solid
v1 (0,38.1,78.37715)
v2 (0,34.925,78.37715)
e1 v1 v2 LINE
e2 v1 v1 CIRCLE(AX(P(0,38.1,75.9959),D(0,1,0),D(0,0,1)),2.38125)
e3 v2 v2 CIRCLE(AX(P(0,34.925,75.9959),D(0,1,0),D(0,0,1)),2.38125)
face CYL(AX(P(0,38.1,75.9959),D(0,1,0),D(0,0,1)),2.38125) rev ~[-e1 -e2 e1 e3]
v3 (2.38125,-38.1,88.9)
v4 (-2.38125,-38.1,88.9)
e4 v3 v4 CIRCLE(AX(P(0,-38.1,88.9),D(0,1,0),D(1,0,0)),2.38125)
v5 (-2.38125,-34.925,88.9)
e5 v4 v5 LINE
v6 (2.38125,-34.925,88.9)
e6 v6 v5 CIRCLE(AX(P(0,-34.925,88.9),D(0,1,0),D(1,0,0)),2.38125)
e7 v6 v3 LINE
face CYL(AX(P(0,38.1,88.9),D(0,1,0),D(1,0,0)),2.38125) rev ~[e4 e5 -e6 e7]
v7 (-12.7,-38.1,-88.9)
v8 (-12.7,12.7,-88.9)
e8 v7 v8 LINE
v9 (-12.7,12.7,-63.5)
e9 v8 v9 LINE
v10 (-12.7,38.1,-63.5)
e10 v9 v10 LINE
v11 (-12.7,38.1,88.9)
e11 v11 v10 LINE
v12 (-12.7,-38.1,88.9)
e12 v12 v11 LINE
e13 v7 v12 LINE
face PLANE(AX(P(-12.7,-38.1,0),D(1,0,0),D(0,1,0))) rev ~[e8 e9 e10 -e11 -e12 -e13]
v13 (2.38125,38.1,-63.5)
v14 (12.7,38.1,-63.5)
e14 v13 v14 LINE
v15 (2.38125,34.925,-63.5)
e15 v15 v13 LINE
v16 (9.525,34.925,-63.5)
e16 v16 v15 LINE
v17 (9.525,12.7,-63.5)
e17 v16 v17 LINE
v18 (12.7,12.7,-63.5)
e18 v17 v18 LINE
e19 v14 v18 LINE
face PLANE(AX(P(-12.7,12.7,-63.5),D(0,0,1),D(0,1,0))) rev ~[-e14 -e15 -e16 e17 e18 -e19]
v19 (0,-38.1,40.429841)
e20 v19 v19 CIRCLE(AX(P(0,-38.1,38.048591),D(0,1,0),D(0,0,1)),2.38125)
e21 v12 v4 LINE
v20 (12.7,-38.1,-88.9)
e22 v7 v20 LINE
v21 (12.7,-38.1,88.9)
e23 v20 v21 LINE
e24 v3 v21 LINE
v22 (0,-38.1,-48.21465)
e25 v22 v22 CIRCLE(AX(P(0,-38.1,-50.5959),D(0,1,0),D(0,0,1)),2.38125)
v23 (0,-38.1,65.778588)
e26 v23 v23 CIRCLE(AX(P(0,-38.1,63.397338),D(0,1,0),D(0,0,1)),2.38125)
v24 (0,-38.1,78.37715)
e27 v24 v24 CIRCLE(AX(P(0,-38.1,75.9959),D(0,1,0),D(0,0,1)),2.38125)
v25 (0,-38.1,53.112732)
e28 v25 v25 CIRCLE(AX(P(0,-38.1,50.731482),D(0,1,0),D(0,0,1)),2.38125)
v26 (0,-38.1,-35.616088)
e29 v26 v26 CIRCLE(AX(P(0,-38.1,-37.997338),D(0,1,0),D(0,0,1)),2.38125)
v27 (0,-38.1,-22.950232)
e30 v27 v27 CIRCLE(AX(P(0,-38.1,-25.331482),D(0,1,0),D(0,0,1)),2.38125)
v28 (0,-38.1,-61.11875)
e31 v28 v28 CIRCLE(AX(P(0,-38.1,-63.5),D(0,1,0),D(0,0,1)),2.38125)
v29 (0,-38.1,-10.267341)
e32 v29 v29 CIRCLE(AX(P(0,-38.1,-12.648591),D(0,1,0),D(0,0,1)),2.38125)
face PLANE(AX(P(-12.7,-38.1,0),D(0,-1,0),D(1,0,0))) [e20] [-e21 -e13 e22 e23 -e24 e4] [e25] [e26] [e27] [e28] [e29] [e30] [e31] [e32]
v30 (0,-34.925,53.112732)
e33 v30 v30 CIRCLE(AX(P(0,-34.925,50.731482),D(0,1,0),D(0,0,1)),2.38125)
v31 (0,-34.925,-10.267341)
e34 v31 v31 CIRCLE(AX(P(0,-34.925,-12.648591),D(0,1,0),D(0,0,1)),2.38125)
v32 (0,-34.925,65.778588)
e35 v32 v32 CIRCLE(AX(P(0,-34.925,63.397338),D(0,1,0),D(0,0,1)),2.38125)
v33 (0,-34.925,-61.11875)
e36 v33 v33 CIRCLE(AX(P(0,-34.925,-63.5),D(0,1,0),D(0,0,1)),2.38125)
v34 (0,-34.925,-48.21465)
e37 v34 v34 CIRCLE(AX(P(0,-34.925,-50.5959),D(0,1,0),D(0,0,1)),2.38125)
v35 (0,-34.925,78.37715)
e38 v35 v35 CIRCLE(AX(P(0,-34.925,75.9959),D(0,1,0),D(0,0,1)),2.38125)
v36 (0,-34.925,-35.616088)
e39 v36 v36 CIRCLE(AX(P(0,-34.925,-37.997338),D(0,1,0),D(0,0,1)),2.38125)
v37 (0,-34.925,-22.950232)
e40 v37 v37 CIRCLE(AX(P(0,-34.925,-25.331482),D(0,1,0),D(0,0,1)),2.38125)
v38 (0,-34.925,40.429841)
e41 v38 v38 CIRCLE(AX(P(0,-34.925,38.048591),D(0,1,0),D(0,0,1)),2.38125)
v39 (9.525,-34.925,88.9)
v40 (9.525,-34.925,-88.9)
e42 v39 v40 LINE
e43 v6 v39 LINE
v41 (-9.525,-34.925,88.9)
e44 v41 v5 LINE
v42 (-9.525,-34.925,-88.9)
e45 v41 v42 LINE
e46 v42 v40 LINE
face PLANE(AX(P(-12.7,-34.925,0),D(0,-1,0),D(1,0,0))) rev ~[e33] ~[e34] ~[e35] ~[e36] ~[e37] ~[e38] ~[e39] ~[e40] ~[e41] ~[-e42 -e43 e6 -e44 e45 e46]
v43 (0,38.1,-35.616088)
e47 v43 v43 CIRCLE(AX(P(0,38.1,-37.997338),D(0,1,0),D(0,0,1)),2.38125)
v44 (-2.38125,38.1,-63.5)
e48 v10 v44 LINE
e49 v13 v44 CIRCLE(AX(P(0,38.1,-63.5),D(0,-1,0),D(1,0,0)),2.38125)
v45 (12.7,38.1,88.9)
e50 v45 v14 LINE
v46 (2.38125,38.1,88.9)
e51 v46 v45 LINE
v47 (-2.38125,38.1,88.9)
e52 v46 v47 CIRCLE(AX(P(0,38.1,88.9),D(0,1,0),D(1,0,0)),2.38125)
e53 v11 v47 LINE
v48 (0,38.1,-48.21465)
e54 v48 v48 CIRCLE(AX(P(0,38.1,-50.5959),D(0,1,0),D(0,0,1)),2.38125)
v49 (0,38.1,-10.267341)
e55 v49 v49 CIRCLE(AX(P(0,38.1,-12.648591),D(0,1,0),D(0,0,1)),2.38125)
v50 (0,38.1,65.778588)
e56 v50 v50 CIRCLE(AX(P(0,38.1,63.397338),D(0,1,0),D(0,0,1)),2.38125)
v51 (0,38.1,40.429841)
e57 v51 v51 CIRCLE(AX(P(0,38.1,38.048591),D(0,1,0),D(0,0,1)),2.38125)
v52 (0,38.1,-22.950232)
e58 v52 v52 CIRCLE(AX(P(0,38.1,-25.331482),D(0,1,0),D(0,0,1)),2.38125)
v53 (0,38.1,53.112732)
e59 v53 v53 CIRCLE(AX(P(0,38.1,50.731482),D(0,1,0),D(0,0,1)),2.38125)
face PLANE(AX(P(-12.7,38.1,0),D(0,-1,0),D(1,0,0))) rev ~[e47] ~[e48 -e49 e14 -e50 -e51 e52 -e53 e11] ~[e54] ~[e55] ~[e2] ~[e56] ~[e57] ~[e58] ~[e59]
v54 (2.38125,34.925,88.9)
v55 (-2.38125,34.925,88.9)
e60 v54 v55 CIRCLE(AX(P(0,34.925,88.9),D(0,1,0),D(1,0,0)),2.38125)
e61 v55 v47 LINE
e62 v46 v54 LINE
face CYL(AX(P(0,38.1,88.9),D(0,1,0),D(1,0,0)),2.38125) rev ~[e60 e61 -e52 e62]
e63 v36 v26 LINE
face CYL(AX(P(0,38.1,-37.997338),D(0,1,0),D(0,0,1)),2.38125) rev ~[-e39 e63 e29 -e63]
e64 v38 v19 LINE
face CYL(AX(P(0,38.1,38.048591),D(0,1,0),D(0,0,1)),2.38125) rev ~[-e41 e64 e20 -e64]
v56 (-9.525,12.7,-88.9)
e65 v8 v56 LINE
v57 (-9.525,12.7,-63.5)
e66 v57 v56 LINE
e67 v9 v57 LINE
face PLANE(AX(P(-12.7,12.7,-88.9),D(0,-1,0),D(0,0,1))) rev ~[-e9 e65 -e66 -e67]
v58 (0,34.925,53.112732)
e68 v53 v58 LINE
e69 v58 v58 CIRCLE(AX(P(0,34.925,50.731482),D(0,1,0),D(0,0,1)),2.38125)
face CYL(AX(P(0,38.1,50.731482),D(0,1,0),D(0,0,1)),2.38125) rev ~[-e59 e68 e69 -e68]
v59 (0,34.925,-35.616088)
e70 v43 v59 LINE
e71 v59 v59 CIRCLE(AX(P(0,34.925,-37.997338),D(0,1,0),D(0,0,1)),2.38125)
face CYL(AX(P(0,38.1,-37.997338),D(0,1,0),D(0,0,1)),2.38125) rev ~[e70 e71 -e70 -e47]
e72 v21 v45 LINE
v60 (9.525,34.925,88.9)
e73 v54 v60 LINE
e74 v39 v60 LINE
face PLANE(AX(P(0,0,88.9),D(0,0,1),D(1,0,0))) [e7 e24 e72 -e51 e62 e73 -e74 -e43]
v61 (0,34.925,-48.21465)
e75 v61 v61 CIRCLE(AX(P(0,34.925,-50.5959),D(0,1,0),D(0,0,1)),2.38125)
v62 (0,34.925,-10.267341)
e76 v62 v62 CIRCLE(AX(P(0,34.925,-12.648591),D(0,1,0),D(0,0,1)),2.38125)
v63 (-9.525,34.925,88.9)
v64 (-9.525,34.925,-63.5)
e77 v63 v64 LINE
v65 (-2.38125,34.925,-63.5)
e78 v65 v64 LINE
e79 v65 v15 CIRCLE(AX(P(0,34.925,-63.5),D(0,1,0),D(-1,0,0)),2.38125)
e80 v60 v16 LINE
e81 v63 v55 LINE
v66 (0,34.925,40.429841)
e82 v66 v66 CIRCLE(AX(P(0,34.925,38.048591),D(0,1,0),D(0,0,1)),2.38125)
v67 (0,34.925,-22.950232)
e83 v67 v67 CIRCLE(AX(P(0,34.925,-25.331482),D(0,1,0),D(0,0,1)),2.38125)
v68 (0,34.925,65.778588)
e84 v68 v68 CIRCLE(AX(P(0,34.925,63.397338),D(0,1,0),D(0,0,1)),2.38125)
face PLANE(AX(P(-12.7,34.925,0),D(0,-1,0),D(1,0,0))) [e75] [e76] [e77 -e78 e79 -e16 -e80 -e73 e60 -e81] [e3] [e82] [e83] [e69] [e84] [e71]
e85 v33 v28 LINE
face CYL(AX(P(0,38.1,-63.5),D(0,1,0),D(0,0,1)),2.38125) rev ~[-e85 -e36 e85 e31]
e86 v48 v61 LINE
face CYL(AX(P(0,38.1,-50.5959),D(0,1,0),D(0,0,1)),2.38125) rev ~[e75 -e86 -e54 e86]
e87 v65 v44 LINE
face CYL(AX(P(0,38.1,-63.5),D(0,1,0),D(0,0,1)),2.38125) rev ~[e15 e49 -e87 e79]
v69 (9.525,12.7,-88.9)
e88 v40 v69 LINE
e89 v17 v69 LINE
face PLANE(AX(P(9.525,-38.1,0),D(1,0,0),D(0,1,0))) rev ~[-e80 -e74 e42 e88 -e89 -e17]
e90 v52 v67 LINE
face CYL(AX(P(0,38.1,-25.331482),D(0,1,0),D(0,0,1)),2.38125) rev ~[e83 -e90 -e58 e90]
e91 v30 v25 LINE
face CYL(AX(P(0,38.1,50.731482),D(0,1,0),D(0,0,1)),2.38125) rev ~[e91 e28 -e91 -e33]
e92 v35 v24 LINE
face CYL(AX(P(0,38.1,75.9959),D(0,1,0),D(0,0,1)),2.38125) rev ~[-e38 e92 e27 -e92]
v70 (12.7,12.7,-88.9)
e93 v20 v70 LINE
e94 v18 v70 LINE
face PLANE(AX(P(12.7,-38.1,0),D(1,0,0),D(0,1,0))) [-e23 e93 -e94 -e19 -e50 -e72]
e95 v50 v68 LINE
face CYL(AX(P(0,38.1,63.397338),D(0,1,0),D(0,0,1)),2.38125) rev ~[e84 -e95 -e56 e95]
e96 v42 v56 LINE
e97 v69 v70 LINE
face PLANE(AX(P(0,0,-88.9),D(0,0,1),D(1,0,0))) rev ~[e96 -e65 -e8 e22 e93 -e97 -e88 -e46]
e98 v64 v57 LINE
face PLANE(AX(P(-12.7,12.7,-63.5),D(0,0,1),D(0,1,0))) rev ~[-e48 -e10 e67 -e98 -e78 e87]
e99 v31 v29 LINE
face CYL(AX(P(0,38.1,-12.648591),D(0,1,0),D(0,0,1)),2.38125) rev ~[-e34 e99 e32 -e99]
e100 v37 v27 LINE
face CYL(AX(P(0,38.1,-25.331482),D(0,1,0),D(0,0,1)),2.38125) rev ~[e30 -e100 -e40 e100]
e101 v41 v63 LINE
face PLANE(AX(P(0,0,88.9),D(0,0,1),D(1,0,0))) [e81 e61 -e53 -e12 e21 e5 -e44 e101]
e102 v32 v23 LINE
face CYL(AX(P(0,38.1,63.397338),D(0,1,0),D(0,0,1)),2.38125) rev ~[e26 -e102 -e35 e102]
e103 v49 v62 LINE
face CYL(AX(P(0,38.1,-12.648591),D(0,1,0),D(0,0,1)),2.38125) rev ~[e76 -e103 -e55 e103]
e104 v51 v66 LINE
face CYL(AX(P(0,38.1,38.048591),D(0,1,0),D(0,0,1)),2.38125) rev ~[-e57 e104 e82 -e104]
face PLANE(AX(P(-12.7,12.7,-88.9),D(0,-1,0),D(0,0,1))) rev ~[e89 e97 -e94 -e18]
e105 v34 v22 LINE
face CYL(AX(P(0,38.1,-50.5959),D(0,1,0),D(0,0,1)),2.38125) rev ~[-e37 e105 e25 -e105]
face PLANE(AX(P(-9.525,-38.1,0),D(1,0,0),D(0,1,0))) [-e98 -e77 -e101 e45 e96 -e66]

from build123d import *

# Parameters (mm, degrees)
SKETCH1_W           = 25.4
SKETCH1_H           = 76.2
BOSS_EXTRUDE1_DEPTH = 88.9
SHELL1_T            = -3.175
SKETCH2_W           = 25.4
SKETCH2_H           = 25.4
CUT_EXTRUDE1_DEPTH  = 100.9999
SKETCH3_R           = 2.38125
CUT_EXTRUDE2_DEPTH  = 118.774954893


with BuildPart() as part:
    # Sketch1 → Boss-Extrude1 (new, symmetric)
    with BuildSketch(Plane.XY):
        Rectangle(SKETCH1_W, SKETCH1_H)
    extrude(amount=BOSS_EXTRUDE1_DEPTH, both=True)

    # Shell1
    shell1_openings = [part.faces().sort_by_distance(p)[0] for p in [
        (0, 0, 88.9),
        (0, 0, -88.9),
    ]]
    offset(amount=SHELL1_T, openings=shell1_openings, kind=Kind.INTERSECTION)

    # Sketch2 → Cut-Extrude1 (cut, through all)
    with BuildSketch(Plane.ZY.offset(12.7)):
        with Locations((-76.2, 25.4)):
            Rectangle(SKETCH2_W, SKETCH2_H)
    extrude(amount=-CUT_EXTRUDE1_DEPTH, mode=Mode.SUBTRACT)

    # Sketch3 → Cut-Extrude2 (cut, through all)
    with BuildSketch(Plane(origin=(0, 38.1, 0), x_dir=(1, 0, 0), z_dir=(0, 1, 0))):
        with Locations((0, -88.9)):
            Circle(SKETCH3_R)
        with Locations(Location((0, -75.995900078, 0), (0, 0, 270))):
            Circle(SKETCH3_R)
        with Locations(Location((0, -63.397337518, 0), (0, 0, 270))):
            Circle(SKETCH3_R)
        with Locations(Location((0, -50.731481722, 0), (0, 0, 270))):
            Circle(SKETCH3_R)
        with Locations(Location((0, -38.048590908, 0), (0, 0, 270))):
            Circle(SKETCH3_R)
        with Locations(Location((0, 63.5, 0), (0, 0, 270))):
            Circle(SKETCH3_R)
        with Locations(Location((0, 12.648590908, 0), (0, 0, 270))):
            Circle(SKETCH3_R)
        with Locations(Location((0, 25.331481722, 0), (0, 0, 270))):
            Circle(SKETCH3_R)
        with Locations(Location((0, 37.997337518, 0), (0, 0, 270))):
            Circle(SKETCH3_R)
        with Locations(Location((0, 50.595900078, 0), (0, 0, 270))):
            Circle(SKETCH3_R)
    extrude(amount=-CUT_EXTRUDE2_DEPTH, mode=Mode.SUBTRACT)


solid = part.part
